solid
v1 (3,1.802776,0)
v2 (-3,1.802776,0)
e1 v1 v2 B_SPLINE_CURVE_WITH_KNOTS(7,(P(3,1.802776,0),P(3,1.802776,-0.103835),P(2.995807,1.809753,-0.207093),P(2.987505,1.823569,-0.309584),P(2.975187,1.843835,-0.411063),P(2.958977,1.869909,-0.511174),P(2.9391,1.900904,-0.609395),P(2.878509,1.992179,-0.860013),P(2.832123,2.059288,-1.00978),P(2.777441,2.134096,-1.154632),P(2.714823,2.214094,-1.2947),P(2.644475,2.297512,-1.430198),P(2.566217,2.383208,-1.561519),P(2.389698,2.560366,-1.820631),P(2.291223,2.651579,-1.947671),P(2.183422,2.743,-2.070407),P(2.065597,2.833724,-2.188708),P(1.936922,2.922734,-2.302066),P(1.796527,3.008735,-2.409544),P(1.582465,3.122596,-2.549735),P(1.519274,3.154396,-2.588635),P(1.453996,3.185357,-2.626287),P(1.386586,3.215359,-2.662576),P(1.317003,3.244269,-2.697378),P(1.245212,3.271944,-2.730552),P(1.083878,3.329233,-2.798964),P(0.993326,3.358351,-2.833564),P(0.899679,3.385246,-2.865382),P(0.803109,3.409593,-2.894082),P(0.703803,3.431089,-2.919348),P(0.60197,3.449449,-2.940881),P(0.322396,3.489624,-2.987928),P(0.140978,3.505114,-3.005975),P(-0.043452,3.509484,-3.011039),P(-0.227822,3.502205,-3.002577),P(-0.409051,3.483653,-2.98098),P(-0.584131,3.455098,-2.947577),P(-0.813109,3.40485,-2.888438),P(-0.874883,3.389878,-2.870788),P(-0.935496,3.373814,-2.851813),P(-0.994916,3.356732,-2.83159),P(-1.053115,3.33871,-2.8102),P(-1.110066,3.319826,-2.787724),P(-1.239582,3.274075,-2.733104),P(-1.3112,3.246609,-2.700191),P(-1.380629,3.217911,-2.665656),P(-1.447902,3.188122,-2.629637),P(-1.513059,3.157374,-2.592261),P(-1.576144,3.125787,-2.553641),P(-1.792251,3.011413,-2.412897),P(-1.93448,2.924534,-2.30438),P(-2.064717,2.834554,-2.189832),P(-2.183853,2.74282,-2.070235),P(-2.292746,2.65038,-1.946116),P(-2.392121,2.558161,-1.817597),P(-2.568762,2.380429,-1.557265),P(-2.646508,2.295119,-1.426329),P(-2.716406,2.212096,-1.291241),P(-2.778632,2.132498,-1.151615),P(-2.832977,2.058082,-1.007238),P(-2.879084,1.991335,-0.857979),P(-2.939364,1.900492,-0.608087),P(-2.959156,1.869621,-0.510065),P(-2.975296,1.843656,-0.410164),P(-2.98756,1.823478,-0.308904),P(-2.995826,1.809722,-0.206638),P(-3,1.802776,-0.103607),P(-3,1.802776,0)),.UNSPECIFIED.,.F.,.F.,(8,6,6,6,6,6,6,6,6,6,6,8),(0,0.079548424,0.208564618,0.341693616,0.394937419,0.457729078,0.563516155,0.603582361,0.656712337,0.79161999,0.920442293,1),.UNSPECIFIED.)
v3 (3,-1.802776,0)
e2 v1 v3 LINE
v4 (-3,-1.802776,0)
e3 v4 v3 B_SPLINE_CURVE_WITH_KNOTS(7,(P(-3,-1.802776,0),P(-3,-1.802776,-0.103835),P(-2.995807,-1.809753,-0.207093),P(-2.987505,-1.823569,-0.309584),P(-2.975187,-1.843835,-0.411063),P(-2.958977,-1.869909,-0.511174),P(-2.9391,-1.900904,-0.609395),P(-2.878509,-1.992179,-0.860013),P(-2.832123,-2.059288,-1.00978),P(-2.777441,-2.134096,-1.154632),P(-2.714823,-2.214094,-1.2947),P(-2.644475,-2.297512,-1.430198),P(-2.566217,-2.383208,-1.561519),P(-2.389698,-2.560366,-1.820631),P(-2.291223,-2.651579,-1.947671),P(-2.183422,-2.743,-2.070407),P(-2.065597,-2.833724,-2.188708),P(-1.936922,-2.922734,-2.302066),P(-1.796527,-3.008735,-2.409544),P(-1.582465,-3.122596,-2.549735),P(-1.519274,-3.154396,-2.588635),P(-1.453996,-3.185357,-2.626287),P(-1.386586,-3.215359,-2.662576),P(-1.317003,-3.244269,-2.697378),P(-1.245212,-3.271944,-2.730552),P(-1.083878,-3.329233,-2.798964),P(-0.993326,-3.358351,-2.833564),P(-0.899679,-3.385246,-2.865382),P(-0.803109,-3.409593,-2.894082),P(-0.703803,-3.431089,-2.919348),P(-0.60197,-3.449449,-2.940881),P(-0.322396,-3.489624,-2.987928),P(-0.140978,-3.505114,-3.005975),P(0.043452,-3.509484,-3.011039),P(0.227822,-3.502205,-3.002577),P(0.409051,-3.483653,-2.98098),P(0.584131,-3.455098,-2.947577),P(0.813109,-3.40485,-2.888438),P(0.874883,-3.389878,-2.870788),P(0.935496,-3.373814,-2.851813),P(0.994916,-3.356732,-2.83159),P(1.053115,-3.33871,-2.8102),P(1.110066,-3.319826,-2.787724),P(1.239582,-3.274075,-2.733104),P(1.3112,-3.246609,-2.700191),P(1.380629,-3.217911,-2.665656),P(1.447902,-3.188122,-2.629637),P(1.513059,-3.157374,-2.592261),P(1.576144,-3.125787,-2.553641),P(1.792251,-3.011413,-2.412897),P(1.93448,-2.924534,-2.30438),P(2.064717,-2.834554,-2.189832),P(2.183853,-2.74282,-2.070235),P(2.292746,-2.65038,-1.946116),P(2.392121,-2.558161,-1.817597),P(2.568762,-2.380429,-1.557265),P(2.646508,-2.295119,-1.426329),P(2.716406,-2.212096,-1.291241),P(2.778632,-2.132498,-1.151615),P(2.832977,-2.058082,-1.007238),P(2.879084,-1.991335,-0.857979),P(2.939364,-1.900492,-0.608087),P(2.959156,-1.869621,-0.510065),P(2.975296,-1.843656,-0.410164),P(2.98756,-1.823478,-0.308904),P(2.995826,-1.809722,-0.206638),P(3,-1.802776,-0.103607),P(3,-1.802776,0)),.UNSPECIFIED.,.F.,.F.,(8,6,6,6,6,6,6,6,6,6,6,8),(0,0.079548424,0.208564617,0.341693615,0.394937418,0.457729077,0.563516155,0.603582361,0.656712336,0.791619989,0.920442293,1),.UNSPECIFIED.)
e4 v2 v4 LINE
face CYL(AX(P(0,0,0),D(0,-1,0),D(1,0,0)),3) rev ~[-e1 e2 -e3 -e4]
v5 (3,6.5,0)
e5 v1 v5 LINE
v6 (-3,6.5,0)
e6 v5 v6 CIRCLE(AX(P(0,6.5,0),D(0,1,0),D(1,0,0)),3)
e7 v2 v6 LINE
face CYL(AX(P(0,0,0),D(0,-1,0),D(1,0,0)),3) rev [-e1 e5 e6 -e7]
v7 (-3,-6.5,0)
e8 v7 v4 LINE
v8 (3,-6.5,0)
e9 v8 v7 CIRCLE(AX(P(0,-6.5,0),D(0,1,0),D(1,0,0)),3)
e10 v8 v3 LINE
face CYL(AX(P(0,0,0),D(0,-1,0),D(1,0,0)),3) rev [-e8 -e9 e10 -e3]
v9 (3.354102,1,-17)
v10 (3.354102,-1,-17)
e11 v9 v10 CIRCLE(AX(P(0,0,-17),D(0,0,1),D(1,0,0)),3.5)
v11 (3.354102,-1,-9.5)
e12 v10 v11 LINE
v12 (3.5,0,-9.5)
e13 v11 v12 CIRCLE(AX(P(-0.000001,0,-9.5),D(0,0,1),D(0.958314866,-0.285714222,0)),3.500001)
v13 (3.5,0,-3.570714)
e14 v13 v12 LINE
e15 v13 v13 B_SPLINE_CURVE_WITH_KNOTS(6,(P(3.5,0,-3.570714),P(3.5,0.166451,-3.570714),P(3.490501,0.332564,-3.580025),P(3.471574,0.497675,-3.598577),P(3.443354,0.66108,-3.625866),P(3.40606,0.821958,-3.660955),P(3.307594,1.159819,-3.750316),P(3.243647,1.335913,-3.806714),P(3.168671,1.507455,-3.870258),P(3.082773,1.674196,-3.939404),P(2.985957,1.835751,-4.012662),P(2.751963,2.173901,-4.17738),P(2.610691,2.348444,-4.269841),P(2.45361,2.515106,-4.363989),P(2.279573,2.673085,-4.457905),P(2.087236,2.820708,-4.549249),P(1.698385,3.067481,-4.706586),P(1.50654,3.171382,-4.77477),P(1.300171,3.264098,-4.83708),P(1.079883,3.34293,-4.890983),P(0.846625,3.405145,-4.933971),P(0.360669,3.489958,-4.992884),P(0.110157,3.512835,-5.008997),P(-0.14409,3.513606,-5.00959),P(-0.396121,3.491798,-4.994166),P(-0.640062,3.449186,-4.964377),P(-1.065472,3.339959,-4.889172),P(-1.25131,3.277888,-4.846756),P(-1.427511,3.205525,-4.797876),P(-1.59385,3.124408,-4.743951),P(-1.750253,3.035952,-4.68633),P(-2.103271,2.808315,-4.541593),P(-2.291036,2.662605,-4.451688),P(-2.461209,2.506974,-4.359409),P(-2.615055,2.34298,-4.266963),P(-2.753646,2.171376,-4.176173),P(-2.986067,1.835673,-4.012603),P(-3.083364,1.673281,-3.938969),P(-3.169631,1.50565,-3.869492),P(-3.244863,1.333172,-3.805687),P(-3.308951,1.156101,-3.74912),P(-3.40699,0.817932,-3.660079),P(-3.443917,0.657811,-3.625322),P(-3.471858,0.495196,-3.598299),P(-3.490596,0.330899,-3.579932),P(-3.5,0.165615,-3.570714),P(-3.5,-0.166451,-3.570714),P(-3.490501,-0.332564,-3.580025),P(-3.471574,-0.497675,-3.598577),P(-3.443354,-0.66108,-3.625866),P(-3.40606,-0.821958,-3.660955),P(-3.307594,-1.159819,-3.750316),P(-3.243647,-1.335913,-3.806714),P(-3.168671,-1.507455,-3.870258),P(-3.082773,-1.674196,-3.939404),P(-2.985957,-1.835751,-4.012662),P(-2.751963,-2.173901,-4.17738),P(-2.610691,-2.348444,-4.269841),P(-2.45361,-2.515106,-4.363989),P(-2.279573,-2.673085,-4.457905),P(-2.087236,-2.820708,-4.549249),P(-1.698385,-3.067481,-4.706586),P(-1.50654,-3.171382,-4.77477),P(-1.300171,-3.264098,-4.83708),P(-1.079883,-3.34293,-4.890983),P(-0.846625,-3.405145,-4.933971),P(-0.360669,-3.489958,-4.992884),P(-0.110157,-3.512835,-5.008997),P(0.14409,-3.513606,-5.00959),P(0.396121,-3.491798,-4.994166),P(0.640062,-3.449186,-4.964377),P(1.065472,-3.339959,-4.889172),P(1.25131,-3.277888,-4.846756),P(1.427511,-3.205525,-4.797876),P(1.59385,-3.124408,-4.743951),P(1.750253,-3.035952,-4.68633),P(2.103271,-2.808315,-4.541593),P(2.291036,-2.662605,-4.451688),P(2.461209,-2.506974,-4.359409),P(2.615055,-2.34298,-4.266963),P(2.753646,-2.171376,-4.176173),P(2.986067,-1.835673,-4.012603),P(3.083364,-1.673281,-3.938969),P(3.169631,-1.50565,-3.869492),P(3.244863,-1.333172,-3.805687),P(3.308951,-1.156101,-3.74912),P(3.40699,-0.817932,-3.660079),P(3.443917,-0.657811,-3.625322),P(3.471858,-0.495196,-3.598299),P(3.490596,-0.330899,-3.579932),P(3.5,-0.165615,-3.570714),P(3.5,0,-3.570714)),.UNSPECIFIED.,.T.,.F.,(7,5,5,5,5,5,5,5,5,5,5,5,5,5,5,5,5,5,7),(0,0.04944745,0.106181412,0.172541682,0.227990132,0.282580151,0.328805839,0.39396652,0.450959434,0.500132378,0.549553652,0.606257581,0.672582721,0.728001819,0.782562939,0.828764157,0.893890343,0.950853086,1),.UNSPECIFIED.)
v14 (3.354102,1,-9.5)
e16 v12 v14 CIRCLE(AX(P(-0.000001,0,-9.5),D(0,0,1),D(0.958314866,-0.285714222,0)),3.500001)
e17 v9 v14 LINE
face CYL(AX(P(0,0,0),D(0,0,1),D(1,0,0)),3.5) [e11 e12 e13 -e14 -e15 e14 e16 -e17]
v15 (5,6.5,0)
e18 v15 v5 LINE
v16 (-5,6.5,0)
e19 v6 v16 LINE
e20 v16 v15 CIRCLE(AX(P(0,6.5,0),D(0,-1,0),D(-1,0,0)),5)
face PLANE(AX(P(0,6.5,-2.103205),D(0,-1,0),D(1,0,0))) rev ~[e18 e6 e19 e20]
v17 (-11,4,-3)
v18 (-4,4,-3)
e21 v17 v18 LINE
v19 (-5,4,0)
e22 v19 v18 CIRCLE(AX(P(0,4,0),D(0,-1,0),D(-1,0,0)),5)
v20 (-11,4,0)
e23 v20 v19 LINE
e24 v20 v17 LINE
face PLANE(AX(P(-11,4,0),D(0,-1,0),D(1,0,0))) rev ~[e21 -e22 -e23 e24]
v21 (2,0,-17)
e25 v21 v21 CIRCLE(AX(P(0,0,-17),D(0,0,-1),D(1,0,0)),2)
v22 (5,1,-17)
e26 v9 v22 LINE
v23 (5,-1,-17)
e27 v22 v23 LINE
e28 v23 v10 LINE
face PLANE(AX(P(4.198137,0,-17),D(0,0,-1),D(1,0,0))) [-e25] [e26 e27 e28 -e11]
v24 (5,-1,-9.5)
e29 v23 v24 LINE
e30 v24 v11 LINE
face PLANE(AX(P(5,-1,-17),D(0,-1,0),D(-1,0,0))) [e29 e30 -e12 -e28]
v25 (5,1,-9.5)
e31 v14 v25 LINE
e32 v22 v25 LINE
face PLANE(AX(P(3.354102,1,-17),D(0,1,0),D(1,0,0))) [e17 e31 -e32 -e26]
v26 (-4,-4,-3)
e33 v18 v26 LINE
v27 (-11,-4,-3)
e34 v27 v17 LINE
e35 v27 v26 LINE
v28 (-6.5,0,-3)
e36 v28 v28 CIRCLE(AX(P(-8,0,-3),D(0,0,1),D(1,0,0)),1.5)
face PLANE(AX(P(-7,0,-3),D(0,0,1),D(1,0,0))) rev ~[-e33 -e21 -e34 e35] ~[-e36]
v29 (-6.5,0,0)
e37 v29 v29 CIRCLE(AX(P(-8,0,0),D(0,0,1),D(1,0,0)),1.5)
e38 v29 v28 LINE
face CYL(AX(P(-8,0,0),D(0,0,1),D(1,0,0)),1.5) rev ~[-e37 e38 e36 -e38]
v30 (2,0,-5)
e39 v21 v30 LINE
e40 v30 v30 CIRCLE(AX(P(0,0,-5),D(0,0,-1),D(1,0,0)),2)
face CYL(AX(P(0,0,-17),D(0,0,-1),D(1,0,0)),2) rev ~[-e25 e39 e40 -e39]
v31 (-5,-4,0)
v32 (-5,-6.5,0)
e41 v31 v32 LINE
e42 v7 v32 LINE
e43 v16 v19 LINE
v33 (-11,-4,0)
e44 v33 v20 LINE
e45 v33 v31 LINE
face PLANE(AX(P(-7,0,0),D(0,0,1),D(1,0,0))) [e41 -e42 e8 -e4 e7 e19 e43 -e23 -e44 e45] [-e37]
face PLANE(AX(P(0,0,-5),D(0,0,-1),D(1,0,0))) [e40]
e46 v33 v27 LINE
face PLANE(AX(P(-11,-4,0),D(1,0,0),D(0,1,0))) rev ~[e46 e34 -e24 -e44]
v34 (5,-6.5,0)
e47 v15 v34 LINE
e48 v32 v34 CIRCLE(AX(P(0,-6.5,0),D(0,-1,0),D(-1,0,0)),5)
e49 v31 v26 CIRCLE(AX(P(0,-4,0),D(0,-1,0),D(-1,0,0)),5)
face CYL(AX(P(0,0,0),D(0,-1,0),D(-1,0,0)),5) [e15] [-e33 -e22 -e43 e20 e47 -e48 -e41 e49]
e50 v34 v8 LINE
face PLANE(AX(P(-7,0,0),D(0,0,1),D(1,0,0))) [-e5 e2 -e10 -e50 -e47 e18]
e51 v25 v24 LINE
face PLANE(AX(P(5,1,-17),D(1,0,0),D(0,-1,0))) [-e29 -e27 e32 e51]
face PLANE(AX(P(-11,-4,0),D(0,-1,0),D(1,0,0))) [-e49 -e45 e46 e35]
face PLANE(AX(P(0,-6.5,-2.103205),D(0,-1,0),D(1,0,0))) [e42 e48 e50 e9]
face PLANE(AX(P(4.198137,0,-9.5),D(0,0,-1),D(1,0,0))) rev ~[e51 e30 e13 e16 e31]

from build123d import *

# Parameters (mm, degrees)
F1_DEPTH  = 6.5
F2_W      = 8
F2_H      = 8
F3_DEPTH  = 3
F4_R      = 3.5
F5_DEPTH  = 17
F6_R      = 3
F7_DEPTH  = 9.3
F8_R      = 2
F9_DEPTH  = 12
F10_R     = 1.5
F11_DEPTH = 17.001
F13_DEPTH = 7.5


with BuildPart() as f1:
    # F0 (on Front) → F1 (new body, symmetric)
    with BuildSketch(Plane.XZ):
        with BuildLine():
            Line((-3, 0), (-5, 0))
            ThreePointArc((-5, 0), (0, -5), (5, 0))
            Line((5, 0), (3, 0))
            ThreePointArc((3, 0), (0, -3), (-3, 0))
        make_face()
    extrude(amount=F1_DEPTH, both=True)

    # F2 (on Top) → F3 (join)
    with BuildSketch(Plane.XY):
        with Locations((-7, 0)):
            Rectangle(F2_W, F2_H)
    extrude(amount=-F3_DEPTH)

    # F4 (on Top) → F5 (join)
    with BuildSketch(Plane.XY):
        Circle(F4_R)
    extrude(amount=-F5_DEPTH)

    # F6 (on Front) → F7 (cut, symmetric)
    with BuildSketch(Plane.XZ):
        Circle(F6_R)
    extrude(amount=F7_DEPTH, both=True, mode=Mode.SUBTRACT)

    # F8 (on face) → F9 (cut)
    with BuildSketch(Plane(origin=(0, 0, -17), x_dir=(1, 0, 0), z_dir=(0, 0, -1))):
        Circle(F8_R)
    extrude(amount=-F9_DEPTH, mode=Mode.SUBTRACT)

    # F10 (on face) → F11 (cut, through all)
    with BuildSketch(Plane.XY):
        with Locations((-8, 0)):
            Circle(F10_R)
    extrude(amount=-F11_DEPTH, mode=Mode.SUBTRACT)

    # F12 (on face) → F13 (join)
    with BuildSketch(Plane(origin=(0, 0, -17), x_dir=(1, 0, 0), z_dir=(0, 0, -1))):
        with BuildLine():
            ThreePointArc((3.354102, 1), (3.5, 0), (3.354102, -1))
            Line((3.354102, -1), (5, -1))
            Line((5, -1), (5, 1))
            Line((5, 1), (3.354102, 1))
        make_face()
    extrude(amount=-F13_DEPTH)


solid = f1.part
